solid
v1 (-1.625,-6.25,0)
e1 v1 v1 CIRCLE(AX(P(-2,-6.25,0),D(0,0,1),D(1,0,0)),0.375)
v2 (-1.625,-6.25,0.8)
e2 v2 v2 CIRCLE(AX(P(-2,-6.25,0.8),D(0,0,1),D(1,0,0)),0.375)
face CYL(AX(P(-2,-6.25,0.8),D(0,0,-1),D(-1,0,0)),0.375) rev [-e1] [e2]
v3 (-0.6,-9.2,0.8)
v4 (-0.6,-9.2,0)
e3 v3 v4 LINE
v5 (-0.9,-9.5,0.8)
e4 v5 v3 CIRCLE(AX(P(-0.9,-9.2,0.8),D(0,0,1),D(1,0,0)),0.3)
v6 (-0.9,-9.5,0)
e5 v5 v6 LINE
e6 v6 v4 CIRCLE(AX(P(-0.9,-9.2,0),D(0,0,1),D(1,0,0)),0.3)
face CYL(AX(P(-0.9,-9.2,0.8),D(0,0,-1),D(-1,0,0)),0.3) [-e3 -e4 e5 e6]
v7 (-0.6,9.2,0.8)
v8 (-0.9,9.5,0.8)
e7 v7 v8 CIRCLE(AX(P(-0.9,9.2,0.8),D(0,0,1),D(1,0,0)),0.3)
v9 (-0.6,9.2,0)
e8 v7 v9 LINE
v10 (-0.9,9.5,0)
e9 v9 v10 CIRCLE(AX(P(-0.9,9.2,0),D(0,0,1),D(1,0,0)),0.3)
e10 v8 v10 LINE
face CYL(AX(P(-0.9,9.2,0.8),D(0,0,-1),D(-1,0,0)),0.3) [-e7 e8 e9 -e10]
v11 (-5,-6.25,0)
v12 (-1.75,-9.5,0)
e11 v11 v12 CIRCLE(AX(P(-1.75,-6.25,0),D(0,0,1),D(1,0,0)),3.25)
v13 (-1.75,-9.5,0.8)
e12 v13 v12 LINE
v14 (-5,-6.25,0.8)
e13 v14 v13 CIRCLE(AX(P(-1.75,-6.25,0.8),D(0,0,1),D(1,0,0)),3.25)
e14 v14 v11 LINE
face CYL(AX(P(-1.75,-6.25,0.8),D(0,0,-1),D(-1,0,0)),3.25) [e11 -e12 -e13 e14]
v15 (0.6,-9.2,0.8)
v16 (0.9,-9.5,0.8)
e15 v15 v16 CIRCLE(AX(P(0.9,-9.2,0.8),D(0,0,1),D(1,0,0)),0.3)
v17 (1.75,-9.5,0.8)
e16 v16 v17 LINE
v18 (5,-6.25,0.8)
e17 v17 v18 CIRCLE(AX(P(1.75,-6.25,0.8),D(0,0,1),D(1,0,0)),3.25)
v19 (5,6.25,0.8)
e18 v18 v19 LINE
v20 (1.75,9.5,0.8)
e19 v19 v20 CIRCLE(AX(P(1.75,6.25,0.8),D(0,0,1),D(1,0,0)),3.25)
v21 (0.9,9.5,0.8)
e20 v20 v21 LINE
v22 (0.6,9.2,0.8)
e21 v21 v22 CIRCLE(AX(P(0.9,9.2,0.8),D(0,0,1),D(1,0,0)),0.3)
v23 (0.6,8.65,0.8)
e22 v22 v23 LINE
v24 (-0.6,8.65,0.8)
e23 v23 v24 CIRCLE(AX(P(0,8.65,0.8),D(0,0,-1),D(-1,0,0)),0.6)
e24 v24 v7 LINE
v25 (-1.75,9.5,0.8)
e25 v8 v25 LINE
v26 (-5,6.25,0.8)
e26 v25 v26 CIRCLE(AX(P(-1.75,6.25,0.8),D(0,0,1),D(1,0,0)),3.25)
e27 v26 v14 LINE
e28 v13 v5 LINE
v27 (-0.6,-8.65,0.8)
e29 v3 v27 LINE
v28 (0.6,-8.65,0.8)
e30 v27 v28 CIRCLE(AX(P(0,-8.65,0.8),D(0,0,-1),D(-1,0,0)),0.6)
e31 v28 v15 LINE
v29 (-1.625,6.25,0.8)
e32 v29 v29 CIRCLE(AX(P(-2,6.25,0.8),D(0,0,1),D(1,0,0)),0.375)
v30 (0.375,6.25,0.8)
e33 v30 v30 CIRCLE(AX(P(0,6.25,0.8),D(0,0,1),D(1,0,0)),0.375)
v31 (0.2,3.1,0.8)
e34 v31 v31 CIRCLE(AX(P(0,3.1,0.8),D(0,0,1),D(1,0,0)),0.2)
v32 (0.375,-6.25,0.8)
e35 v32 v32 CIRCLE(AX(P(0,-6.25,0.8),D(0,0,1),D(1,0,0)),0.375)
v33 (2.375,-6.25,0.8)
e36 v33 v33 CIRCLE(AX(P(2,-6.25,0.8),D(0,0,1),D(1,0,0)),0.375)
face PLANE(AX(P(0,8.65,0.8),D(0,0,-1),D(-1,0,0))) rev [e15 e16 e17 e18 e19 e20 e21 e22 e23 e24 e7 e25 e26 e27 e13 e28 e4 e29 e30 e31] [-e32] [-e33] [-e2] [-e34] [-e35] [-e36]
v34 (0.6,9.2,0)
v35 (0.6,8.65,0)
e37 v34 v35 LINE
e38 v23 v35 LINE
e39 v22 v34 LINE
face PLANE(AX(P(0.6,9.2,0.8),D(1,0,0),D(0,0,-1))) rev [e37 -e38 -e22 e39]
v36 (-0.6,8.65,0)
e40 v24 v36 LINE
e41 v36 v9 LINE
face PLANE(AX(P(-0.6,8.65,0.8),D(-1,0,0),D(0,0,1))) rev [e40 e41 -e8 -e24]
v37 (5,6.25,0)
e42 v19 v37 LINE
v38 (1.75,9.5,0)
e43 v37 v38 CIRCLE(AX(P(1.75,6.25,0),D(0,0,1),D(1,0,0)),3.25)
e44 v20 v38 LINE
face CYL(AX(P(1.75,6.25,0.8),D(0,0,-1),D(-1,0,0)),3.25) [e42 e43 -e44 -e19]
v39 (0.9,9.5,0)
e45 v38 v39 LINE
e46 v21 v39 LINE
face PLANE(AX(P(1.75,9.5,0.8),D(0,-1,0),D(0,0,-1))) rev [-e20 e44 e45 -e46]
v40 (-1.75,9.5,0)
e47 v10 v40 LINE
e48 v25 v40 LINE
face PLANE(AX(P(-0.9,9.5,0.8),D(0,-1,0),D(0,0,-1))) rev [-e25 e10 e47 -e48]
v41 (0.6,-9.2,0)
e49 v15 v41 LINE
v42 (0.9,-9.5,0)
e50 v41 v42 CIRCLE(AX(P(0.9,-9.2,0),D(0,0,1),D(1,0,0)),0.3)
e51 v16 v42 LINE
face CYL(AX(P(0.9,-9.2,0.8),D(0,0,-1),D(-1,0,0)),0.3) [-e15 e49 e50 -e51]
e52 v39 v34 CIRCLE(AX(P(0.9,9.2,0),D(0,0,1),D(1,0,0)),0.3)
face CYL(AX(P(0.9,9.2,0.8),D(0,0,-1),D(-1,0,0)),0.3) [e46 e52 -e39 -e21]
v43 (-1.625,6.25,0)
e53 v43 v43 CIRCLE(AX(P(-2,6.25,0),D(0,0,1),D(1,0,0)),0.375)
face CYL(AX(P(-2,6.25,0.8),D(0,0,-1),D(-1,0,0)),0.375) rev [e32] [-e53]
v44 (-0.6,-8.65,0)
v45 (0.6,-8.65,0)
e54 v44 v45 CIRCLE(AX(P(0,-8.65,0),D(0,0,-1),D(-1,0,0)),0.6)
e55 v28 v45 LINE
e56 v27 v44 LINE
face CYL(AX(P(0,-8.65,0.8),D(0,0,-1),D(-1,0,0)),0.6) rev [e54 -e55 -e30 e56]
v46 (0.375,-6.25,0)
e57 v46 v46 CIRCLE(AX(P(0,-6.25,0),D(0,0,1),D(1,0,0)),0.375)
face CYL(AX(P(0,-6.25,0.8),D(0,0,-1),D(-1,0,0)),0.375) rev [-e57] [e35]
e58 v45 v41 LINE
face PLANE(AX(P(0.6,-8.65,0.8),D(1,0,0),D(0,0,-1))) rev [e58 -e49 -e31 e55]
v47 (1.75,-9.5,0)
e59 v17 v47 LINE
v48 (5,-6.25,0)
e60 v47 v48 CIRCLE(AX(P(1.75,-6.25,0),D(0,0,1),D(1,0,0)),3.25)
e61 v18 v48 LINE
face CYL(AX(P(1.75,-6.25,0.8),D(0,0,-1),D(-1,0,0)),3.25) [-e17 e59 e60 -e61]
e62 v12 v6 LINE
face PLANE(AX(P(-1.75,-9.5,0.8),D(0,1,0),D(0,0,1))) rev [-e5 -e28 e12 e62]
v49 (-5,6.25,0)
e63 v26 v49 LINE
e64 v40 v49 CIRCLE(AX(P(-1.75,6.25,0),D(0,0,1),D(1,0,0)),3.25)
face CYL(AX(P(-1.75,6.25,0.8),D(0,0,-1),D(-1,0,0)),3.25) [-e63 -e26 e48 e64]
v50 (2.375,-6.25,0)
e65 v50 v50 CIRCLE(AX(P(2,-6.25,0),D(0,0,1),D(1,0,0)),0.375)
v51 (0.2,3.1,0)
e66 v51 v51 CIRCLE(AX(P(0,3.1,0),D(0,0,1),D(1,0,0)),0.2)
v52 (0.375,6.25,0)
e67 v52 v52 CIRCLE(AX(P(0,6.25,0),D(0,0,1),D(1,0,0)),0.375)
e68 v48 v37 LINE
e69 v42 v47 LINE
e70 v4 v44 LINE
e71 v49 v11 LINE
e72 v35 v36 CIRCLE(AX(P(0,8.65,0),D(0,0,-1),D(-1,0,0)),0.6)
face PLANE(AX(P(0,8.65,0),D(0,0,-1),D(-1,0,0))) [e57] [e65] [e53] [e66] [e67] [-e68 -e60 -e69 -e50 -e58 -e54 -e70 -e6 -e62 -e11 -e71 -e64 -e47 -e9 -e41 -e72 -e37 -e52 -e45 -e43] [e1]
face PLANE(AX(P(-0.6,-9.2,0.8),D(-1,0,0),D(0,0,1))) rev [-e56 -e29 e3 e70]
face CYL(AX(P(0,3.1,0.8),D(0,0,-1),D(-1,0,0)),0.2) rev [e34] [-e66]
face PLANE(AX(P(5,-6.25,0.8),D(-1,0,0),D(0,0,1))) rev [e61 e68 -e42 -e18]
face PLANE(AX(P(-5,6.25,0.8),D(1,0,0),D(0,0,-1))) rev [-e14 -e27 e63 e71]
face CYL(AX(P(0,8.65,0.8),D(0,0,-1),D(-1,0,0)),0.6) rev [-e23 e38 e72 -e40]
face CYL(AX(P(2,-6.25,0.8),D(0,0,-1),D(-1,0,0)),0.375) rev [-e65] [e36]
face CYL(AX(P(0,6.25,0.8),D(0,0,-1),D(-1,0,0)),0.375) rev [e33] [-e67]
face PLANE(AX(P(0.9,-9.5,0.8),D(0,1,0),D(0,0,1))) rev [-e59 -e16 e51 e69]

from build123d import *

# Parameters (mm, degrees)
BOARD_DEPTH            = 0.8
SKETCH2_R              = 0.375
NON_PLATED_HOLES_DEPTH = 11.765221781
SKETCH3_R              = 0.2
PLATED_HOLES_DEPTH     = 11.765221781


with BuildPart() as part:
    # Sketch1 → BOARD (new body)
    with BuildSketch(Plane.XY):
        with BuildLine():
            Line((-0.6, 8.65), (-0.6, 9.2))
            ThreePointArc((-0.6, 9.2), (-0.687867966, 9.412132034), (-0.9, 9.5))
            Line((-0.9, 9.5), (-1.75, 9.5))
            ThreePointArc((-1.75, 9.5), (-4.048097039, 8.548097039), (-5, 6.25))
            Line((-5, 6.25), (-5, -6.25))
            ThreePointArc((-5, -6.25), (-4.048097039, -8.548097039), (-1.75, -9.5))
            Line((-1.75, -9.5), (-0.9, -9.5))
            ThreePointArc((-0.9, -9.5), (-0.687867966, -9.412132034), (-0.6, -9.2))
            Line((-0.6, -9.2), (-0.6, -8.65))
            ThreePointArc((-0.6, -8.65), (-0.424264069, -8.225735931), (0, -8.05))
            ThreePointArc((0, -8.05), (0.424264069, -8.225735931), (0.6, -8.65))
            Line((0.6, -8.65), (0.6, -9.2))
            ThreePointArc((0.6, -9.2), (0.687867966, -9.412132034), (0.9, -9.5))
            Line((0.9, -9.5), (1.75, -9.5))
            ThreePointArc((1.75, -9.5), (4.048097039, -8.548097039), (5, -6.25))
            Line((5, -6.25), (5, 6.25))
            ThreePointArc((5, 6.25), (4.048097039, 8.548097039), (1.75, 9.5))
            Line((1.75, 9.5), (0.9, 9.5))
            ThreePointArc((0.9, 9.5), (0.687867966, 9.412132034), (0.6, 9.2))
            Line((0.6, 9.2), (0.6, 8.65))
            ThreePointArc((0.6, 8.65), (0.424264069, 8.225735931), (0, 8.05))
            ThreePointArc((0, 8.05), (-0.424264069, 8.225735931), (-0.6, 8.65))
        make_face()
    extrude(amount=BOARD_DEPTH)

    # Sketch2 → NON-PLATED HOLES (cut, through all)
    with BuildSketch(Plane.XY):
        with Locations((2, -6.25)):
            Circle(SKETCH2_R)
        with Locations((0, -6.25)):
            Circle(SKETCH2_R)
        with Locations((-2, -6.25)):
            Circle(SKETCH2_R)
        with Locations((-2, 6.25)):
            Circle(SKETCH2_R)
        with Locations((0, 6.25)):
            Circle(SKETCH2_R)
    extrude(amount=NON_PLATED_HOLES_DEPTH, mode=Mode.SUBTRACT)

    # Sketch3 → PLATED HOLES (cut, through all)
    with BuildSketch(Plane.XY):
        with Locations((0, 3.1)):
            Circle(SKETCH3_R)
    extrude(amount=PLATED_HOLES_DEPTH, mode=Mode.SUBTRACT)


solid = part.part
